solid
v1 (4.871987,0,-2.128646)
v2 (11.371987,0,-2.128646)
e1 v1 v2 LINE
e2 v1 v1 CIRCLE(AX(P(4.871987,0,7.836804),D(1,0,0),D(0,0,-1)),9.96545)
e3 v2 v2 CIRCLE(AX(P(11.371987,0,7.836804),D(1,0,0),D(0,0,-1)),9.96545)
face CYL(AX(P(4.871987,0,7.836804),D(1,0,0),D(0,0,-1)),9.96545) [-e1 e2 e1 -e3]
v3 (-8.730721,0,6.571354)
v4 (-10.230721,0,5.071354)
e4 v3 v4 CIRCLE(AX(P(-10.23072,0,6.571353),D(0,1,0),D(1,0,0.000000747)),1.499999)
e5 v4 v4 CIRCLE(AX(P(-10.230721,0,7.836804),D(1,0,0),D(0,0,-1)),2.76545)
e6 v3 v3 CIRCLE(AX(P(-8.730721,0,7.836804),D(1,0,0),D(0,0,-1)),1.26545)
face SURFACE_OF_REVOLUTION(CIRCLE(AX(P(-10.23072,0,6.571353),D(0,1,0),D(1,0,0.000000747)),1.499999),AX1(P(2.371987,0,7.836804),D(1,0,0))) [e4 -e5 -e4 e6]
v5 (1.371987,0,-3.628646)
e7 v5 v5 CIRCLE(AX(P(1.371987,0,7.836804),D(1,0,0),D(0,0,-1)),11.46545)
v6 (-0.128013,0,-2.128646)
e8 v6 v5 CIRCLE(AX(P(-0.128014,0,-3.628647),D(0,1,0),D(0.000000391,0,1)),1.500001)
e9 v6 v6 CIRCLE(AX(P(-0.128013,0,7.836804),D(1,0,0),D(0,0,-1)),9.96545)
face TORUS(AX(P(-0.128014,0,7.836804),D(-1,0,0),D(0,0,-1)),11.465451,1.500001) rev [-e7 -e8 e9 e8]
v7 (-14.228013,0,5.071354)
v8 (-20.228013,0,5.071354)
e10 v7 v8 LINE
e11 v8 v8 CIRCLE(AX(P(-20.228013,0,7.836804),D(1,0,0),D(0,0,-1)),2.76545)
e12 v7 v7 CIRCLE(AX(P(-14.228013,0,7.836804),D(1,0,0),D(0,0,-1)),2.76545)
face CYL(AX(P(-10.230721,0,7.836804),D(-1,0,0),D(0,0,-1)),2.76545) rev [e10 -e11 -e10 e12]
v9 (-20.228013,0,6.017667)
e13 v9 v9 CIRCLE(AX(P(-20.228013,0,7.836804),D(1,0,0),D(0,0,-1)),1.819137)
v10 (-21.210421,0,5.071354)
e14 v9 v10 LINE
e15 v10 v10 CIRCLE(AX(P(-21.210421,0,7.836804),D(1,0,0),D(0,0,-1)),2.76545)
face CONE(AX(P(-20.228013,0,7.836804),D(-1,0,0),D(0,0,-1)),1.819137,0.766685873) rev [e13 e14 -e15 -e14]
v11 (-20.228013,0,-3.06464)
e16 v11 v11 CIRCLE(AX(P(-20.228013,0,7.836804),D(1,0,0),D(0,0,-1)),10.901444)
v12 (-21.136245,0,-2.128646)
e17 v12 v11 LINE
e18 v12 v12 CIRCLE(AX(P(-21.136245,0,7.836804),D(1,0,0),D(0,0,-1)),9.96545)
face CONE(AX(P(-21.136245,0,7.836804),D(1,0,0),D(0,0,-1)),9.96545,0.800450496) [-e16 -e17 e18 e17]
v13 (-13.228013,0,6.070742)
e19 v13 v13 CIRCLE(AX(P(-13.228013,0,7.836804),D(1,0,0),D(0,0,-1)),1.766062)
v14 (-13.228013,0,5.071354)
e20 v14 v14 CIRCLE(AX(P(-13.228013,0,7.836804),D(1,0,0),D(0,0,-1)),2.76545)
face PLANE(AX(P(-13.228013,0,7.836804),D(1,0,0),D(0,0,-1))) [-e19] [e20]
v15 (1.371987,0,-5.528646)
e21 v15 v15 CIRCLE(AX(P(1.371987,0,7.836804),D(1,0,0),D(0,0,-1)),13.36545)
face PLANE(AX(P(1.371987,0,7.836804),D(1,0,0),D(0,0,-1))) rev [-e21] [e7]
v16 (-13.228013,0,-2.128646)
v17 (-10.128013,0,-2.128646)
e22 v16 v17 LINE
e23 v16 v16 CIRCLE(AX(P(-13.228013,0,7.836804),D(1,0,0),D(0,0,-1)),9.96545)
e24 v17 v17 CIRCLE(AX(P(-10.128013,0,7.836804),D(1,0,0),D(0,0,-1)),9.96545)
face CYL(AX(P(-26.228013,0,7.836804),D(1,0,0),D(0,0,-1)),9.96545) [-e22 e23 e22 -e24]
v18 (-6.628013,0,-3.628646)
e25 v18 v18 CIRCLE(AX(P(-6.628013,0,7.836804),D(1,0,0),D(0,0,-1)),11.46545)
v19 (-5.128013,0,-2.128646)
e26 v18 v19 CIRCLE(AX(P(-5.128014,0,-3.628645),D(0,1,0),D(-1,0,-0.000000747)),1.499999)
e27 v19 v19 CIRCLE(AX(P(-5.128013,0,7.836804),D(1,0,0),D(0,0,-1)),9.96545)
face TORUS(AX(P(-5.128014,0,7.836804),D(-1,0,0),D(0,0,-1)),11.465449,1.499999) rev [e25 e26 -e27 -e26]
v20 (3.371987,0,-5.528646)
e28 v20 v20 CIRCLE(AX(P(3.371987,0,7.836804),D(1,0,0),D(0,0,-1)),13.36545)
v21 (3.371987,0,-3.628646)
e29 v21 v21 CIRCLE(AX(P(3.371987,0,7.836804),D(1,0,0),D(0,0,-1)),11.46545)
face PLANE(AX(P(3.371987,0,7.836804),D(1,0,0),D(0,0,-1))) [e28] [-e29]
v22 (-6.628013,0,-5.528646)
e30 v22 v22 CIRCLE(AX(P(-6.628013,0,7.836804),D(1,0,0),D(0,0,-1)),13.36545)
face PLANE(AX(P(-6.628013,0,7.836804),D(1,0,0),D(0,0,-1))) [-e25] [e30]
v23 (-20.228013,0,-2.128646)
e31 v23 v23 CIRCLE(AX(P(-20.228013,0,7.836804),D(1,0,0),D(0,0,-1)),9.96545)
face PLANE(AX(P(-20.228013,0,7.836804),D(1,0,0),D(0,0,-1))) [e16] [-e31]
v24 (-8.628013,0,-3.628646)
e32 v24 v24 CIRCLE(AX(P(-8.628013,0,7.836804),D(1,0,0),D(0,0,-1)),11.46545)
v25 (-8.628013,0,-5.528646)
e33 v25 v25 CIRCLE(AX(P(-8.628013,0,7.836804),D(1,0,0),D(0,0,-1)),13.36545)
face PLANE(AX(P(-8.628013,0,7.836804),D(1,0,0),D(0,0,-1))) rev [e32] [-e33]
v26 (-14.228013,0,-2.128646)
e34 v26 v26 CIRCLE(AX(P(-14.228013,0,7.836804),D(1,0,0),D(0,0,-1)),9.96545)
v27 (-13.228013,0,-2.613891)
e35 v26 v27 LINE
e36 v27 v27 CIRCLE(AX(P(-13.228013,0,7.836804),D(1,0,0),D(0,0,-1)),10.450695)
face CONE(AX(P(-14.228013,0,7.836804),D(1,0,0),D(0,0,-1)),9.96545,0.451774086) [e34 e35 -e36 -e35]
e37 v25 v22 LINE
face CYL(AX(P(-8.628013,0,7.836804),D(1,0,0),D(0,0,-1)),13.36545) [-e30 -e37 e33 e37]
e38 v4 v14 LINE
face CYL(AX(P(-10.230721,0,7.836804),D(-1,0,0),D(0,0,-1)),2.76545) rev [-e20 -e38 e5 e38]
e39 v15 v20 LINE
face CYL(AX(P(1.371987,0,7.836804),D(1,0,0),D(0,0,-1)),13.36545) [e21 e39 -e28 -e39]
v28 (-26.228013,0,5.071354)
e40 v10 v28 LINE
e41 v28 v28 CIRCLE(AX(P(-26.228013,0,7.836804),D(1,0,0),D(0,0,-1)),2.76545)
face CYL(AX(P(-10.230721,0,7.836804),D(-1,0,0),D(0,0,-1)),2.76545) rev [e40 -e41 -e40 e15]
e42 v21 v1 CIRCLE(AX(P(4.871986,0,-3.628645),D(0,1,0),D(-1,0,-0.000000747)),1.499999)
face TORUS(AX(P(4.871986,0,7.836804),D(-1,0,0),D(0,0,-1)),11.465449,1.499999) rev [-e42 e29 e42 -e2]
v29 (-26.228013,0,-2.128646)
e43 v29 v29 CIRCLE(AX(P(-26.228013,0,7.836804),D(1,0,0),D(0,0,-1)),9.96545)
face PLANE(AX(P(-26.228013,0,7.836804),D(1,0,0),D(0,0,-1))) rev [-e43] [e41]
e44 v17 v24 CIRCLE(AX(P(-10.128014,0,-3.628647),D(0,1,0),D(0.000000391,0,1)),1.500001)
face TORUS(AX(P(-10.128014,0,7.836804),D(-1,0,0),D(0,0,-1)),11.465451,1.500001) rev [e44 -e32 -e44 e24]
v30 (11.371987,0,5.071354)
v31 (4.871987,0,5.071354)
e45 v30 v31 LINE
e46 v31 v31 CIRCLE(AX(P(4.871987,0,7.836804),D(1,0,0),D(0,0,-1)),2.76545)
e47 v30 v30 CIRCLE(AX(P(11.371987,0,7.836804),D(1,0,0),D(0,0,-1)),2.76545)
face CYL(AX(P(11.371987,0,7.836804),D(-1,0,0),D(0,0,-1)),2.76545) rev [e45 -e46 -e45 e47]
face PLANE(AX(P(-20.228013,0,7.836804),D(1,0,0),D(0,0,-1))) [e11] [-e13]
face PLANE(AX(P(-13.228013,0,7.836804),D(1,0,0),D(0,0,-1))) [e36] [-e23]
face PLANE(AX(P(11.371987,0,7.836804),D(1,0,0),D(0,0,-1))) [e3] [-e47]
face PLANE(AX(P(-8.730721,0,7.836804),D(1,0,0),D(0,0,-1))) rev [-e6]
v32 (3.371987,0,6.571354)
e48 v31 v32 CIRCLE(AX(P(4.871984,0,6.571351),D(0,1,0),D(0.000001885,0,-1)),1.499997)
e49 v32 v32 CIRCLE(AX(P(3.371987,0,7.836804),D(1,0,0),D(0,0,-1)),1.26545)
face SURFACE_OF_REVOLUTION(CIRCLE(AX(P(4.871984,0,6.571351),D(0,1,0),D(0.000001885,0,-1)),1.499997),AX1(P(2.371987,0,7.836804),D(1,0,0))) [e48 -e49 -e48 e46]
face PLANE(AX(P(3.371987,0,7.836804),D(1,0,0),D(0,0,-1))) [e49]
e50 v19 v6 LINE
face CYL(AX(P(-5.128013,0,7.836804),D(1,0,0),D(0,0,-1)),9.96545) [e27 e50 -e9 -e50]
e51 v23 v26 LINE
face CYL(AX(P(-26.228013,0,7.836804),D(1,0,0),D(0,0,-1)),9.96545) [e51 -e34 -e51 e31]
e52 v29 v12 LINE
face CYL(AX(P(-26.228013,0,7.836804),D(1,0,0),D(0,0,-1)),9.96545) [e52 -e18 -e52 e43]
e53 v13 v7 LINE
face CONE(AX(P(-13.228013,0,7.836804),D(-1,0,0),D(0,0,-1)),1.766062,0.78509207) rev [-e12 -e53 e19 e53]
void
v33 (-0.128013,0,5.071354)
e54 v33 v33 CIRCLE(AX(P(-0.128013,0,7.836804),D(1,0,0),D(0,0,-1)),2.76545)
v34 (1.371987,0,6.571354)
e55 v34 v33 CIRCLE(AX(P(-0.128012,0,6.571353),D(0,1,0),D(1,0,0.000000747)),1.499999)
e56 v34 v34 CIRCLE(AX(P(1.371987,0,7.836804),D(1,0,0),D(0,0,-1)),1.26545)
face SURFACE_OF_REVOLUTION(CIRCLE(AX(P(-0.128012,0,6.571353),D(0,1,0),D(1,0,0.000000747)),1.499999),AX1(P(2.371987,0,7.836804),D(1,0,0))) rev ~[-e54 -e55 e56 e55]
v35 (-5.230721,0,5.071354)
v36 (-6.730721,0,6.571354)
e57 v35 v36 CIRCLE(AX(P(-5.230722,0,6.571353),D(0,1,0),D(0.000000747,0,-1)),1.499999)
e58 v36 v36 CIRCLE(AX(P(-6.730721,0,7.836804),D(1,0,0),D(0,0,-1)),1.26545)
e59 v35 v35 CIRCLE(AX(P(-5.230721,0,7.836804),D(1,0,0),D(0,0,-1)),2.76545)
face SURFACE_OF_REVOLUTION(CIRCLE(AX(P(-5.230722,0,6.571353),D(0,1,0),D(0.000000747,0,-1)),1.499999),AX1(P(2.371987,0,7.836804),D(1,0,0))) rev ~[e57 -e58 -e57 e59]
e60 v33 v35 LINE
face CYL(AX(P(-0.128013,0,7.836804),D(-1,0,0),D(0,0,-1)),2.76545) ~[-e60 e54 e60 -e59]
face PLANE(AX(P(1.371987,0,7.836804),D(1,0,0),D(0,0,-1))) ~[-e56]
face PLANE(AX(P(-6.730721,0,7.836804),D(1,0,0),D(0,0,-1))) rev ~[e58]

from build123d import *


with BuildPart() as f1:
    # F0 (on Front) → F1 (revolve)
    with BuildSketch(Plane.XZ):
        with BuildLine():
            Line((3.371987, -5.528646), (3.371987, -3.628646))
            ThreePointArc((3.371987, -3.628646), (3.811326, -2.567986), (4.871987, -2.128646))
            Line((4.871987, -2.128646), (11.371987, -2.128646))
            Line((11.371987, -2.128646), (11.371987, 5.071354))
            Line((11.371987, 5.071354), (4.871987, 5.071354))
            ThreePointArc((4.871987, 5.071354), (3.811326, 5.510693), (3.371987, 6.571354))
            Line((3.371987, 6.571354), (3.371987, 7.836804))
            Line((3.371987, 7.836804), (1.371987, 7.836804))
            Line((1.371987, 7.836804), (1.371987, 6.571354))
            ThreePointArc((1.371987, 6.571354), (0.932647, 5.510693), (-0.128013, 5.071354))
            Line((-0.128013, 5.071354), (-5.230721, 5.071354))
            ThreePointArc((-5.230721, 5.071354), (-6.291381, 5.510693), (-6.730721, 6.571354))
            Line((-6.730721, 6.571354), (-6.730721, 7.836804))
            Line((-6.730721, 7.836804), (-8.730721, 7.836804))
            Line((-8.730721, 7.836804), (-8.730721, 6.571354))
            ThreePointArc((-8.730721, 6.571354), (-9.170061, 5.510693), (-10.230721, 5.071354))
            Line((-10.230721, 5.071354), (-13.228013, 5.071354))
            Line((-13.228013, 5.071354), (-14.228013, 5.071354))
            Line((-14.228013, 5.071354), (-20.228013, 5.071354))
            Line((-20.228013, 5.071354), (-21.210421, 5.071354))
            Line((-21.210421, 5.071354), (-26.228013, 5.071354))
            Line((-26.228013, 5.071354), (-26.228013, -2.128646))
            Line((-26.228013, -2.128646), (-21.136245, -2.128646))
            Line((-21.136245, -2.128646), (-20.228013, -2.128646))
            Line((-20.228013, -2.128646), (-14.228013, -2.128646))
            Line((-14.228013, -2.128646), (-13.228013, -2.128646))
            Line((-13.228013, -2.128646), (-10.128013, -2.128646))
            ThreePointArc((-10.128013, -2.128646), (-9.067353, -2.567986), (-8.628013, -3.628646))
            Line((-8.628013, -3.628646), (-8.628013, -5.528646))
            Line((-8.628013, -5.528646), (-6.628013, -5.528646))
            Line((-6.628013, -5.528646), (-6.628013, -3.628646))
            ThreePointArc((-6.628013, -3.628646), (-6.188674, -2.567986), (-5.128013, -2.128646))
            Line((-5.128013, -2.128646), (-0.128013, -2.128646))
            ThreePointArc((-0.128013, -2.128646), (0.932647, -2.567986), (1.371987, -3.628646))
            Line((1.371987, -3.628646), (1.371987, -5.528646))
            Line((1.371987, -5.528646), (3.371987, -5.528646))
        make_face()
        Polygon((-13.228013, -2.613891), (-13.228013, -2.128646), (-14.228013, -2.128646), align=None)
        Polygon((-20.228013, -3.06464), (-20.228013, -2.128646), (-21.136245, -2.128646), align=None)
        Polygon((-14.228013, 5.071354), (-13.228013, 5.071354), (-13.228013, 6.070742), align=None)
        Polygon((-20.228013, 6.017667), (-21.210421, 5.071354), (-20.228013, 5.071354), align=None)
    revolve(axis=Axis((2.371987, 0, 7.836804), (1, 0, 0)))


solid = f1.part
